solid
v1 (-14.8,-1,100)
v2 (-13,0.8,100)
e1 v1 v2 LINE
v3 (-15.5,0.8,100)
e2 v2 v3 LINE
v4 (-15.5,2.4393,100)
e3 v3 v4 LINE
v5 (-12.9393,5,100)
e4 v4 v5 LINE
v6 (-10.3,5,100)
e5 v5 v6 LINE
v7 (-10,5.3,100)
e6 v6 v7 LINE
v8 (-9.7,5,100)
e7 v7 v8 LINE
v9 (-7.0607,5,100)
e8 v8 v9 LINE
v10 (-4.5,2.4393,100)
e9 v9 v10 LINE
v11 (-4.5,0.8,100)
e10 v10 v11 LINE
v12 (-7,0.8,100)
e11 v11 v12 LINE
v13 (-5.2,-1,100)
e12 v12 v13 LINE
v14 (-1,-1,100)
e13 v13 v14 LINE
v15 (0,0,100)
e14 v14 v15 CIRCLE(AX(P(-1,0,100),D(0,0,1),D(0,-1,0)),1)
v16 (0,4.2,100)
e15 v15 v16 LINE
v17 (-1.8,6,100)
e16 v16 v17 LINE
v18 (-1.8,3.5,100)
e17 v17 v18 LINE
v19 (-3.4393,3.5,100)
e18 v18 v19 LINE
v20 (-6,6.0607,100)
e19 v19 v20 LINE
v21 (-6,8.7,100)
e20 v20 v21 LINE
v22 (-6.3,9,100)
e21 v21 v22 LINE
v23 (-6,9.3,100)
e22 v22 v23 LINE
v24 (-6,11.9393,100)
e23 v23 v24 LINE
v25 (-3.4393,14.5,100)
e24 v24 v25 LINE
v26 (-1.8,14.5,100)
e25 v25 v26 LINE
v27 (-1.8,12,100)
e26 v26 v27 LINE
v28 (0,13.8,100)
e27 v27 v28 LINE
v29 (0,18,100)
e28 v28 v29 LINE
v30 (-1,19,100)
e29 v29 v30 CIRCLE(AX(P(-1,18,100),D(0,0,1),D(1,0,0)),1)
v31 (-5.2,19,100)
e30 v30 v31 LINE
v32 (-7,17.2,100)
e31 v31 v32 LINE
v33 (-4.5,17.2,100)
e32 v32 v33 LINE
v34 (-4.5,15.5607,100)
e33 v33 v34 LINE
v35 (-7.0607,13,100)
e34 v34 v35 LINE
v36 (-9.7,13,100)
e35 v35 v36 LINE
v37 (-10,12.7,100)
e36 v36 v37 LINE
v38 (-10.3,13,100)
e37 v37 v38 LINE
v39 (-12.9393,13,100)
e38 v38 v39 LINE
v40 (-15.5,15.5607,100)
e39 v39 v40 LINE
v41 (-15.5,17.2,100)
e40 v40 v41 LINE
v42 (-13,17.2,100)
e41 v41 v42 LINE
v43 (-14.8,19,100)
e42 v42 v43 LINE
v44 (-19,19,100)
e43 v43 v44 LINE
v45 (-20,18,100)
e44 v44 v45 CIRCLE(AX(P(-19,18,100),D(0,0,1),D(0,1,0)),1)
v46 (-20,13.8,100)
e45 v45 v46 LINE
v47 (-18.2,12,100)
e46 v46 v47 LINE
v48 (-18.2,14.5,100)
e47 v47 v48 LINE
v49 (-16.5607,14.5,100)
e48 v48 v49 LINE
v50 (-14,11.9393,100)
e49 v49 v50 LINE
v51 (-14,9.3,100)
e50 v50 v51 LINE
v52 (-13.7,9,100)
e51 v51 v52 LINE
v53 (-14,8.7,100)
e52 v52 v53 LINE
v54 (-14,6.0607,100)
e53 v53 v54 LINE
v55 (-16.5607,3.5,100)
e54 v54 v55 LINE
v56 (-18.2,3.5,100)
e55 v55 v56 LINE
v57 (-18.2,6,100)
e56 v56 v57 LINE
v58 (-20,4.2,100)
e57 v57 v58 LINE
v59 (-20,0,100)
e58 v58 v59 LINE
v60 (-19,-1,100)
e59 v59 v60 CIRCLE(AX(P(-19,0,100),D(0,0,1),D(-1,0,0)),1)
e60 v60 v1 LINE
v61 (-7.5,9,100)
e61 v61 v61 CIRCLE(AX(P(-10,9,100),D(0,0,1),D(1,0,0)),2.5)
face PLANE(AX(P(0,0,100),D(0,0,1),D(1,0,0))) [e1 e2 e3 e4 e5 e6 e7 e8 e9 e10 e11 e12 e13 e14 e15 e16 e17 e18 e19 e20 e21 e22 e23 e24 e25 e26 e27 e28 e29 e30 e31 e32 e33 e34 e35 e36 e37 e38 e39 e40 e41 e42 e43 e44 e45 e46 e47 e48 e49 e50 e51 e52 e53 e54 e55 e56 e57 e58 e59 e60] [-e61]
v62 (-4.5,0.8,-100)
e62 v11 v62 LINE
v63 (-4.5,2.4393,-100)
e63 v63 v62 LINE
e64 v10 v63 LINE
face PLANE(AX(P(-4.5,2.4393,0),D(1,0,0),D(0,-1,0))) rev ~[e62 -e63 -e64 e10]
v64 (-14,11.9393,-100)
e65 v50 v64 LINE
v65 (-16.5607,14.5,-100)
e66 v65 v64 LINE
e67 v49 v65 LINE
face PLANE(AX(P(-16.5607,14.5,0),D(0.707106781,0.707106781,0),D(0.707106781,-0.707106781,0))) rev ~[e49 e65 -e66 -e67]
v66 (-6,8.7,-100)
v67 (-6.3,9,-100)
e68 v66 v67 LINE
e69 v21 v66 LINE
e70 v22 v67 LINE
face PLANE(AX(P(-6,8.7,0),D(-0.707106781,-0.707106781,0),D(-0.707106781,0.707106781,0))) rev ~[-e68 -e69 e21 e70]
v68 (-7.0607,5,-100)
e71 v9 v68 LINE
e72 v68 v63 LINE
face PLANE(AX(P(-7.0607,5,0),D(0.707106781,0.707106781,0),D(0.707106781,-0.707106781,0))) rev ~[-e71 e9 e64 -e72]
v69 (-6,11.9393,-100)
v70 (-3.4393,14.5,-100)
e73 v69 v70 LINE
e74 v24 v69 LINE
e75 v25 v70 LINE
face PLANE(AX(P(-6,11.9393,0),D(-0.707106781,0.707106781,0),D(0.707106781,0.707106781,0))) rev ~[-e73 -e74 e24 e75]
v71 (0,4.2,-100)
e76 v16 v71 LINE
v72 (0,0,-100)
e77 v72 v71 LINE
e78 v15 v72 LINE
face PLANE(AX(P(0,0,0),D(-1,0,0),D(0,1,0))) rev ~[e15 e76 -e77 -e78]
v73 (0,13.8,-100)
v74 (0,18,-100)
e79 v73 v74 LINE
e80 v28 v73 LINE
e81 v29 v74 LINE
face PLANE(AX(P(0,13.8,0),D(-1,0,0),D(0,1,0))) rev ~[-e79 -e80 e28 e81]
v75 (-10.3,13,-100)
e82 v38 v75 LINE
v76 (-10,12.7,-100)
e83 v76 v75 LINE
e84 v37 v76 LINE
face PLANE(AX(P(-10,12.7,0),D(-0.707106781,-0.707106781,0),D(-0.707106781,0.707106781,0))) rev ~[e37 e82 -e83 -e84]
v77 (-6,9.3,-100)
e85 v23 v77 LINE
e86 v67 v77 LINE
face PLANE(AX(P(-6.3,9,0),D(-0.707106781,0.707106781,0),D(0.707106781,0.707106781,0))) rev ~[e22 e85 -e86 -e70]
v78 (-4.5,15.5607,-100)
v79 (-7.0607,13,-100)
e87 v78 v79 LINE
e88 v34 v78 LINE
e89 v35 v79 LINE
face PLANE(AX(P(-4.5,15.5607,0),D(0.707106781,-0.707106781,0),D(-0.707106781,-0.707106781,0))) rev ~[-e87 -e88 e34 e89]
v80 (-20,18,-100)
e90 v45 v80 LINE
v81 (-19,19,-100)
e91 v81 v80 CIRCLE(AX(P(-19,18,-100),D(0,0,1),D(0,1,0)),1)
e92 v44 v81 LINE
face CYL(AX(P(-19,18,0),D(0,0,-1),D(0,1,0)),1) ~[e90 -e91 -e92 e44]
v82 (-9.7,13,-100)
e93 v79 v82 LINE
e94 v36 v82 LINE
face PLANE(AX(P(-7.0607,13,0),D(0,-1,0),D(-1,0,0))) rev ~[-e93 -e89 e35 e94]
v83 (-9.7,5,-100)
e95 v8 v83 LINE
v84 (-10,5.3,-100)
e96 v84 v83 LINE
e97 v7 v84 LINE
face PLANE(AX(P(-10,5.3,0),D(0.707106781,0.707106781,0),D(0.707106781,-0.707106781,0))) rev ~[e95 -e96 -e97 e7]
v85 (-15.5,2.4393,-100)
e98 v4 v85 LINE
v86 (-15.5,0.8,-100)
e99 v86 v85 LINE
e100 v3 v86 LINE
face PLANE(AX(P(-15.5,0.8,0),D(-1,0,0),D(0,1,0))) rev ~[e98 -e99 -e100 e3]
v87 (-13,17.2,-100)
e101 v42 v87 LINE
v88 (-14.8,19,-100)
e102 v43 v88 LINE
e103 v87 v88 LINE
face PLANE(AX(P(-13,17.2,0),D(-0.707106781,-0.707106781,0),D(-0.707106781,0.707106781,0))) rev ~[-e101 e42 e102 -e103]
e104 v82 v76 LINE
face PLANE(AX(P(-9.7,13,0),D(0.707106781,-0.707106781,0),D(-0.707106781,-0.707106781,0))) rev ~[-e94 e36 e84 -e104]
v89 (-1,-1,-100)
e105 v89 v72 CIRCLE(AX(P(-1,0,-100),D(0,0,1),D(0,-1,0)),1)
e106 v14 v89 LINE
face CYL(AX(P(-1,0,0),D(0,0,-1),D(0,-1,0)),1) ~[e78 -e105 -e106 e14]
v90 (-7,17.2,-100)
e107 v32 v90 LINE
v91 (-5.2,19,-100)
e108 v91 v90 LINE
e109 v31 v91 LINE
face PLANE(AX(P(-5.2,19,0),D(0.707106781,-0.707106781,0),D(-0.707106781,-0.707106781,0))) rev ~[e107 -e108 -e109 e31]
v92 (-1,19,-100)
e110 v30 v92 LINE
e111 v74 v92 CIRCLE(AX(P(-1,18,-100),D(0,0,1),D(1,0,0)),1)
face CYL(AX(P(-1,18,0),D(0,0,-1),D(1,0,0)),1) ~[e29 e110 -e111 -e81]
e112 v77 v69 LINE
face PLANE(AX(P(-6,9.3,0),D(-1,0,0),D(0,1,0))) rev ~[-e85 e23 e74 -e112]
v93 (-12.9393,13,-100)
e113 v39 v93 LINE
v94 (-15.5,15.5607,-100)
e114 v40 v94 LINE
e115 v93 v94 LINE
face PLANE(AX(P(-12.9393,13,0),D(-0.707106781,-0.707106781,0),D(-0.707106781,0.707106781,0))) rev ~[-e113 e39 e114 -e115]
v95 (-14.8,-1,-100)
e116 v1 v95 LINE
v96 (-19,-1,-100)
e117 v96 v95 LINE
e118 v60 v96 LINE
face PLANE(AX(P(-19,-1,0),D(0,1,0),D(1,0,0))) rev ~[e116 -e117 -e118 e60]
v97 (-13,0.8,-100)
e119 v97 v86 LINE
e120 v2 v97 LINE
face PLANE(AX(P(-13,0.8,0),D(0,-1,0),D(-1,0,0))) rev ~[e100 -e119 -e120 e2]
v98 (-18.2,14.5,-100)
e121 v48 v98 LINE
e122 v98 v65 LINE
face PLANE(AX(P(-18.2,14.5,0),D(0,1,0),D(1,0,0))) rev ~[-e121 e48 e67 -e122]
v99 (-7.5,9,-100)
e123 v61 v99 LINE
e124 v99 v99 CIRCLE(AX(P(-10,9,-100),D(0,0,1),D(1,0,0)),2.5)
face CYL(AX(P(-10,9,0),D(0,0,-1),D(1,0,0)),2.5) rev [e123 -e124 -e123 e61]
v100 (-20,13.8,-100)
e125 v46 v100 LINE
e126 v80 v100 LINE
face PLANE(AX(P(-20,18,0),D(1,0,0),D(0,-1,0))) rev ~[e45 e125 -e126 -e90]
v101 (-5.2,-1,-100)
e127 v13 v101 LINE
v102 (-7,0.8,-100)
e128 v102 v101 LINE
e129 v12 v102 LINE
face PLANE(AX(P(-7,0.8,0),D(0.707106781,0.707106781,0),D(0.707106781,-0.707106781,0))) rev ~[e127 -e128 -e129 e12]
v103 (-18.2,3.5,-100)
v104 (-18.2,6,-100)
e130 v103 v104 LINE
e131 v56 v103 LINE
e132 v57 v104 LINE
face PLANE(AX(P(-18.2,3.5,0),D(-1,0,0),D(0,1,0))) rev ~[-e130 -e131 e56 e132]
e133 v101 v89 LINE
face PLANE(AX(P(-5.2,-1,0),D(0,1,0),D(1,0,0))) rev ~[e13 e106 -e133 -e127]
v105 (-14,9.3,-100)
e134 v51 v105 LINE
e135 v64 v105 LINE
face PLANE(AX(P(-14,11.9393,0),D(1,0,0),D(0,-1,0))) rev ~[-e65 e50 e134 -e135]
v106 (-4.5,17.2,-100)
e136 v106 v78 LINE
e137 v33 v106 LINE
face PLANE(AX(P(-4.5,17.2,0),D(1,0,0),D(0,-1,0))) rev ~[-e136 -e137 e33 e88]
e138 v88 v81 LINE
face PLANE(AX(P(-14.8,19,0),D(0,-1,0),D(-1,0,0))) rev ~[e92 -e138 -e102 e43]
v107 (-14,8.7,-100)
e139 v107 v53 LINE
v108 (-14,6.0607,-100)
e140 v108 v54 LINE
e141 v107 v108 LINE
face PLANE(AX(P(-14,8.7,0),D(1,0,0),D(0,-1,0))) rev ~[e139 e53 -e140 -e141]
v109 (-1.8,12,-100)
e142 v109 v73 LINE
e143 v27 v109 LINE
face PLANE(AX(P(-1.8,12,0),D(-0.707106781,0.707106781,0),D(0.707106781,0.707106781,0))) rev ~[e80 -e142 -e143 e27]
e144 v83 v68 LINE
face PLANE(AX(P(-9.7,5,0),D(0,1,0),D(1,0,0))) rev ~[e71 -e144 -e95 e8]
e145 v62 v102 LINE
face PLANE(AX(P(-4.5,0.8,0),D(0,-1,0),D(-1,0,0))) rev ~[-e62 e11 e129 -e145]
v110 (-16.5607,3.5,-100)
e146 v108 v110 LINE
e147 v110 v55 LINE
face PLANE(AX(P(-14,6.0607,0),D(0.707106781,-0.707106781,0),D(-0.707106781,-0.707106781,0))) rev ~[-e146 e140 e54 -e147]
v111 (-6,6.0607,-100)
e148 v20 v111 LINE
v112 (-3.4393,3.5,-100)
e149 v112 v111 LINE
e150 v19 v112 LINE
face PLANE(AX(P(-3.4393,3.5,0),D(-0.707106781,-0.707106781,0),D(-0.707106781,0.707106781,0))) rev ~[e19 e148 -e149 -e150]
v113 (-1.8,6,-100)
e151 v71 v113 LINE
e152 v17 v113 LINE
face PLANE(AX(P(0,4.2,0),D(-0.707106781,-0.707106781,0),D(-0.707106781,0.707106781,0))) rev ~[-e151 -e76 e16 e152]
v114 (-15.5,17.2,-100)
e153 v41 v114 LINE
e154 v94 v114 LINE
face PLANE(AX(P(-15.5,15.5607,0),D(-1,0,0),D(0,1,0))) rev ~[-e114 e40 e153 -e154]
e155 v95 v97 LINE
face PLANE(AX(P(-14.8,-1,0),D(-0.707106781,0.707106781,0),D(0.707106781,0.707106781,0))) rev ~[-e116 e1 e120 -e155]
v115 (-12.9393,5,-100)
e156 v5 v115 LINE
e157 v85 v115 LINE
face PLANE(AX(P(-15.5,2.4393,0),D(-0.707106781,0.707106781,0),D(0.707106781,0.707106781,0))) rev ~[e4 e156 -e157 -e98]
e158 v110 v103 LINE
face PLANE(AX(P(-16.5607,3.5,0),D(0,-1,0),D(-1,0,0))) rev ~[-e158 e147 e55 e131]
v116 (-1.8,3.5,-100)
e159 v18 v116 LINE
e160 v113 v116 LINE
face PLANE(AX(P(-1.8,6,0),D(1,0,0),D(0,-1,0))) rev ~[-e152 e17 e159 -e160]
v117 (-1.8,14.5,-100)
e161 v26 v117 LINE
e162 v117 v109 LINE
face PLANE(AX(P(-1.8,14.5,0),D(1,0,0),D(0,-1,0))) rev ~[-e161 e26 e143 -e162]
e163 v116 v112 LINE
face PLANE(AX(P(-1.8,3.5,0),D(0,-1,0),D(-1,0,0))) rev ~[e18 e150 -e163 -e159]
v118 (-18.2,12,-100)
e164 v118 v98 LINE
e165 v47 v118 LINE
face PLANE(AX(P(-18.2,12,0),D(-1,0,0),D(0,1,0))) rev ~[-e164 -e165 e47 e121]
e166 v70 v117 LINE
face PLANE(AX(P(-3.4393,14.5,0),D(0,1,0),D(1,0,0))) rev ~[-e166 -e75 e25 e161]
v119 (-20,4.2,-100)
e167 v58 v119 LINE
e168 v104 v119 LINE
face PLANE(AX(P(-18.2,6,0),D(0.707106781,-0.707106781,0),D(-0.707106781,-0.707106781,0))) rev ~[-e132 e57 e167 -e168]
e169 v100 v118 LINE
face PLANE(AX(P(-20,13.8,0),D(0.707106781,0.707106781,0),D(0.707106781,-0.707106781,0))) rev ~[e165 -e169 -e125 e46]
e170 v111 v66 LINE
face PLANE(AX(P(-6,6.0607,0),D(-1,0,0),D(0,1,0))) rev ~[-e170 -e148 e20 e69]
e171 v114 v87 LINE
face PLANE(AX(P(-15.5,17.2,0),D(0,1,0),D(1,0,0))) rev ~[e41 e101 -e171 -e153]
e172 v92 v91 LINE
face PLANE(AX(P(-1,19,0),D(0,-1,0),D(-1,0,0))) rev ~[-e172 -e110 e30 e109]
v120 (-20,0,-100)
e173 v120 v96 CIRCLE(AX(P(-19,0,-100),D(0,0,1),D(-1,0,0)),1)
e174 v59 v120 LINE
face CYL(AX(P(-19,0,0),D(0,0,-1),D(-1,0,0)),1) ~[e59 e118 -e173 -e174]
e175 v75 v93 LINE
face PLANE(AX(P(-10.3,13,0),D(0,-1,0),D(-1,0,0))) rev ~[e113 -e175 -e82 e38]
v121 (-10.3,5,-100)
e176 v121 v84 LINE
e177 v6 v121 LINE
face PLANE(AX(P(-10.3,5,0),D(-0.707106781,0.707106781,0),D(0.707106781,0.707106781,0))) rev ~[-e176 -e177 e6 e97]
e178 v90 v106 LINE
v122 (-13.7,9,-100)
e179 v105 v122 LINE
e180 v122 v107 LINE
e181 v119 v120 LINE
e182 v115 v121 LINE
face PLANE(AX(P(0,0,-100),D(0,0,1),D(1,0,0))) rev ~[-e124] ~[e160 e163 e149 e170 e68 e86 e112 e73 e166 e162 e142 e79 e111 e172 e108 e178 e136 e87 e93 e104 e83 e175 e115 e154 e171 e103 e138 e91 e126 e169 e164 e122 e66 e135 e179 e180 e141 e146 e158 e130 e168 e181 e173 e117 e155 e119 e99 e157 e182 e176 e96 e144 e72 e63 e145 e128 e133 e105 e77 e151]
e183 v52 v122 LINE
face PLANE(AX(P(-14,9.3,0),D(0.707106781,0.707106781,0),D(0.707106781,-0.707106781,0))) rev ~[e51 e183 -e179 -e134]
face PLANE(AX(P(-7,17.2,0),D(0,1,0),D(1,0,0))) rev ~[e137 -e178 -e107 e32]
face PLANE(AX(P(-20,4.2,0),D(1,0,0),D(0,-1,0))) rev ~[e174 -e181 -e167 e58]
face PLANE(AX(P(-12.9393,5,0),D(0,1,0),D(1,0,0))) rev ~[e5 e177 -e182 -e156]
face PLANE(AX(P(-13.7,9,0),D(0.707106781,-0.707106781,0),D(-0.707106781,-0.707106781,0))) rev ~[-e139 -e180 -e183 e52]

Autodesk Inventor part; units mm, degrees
ref_plane "YZ Plane" through (0, 0, 0) normal (1, 0, 0) x (0, 1, 0)
ref_plane "XZ Plane" through (0, 0, 0) normal (0, 1, 0) x (-1, 0, 0)
ref_plane "XY Plane" through (0, 0, 0) normal (0, 0, 1) x (1, 0, 0)
sketch "Sketch1" plane through (0, 0, 0) normal (0, 0, 1) x (1, 0, 0)
  line L0 (-14, 8.7) -> (-14, 6.0607)
  line L1 (-14, 8.7) -> (-14, 6.0607)
  line L2 (-14, 6.0607) -> (-16.5607, 3.5)
  line L3 (-14, 6.0607) -> (-16.5607, 3.5)
  line L4 (-16.5607, 3.5) -> (-18.2, 3.5)
  line L5 (-16.5607, 3.5) -> (-18.2, 3.5)
  line L6 (-18.2, 3.5) -> (-18.2, 6)
  line L7 (-18.2, 3.5) -> (-18.2, 6)
  line L8 (-20, 4.2) -> (-20, 0)
  line L9 (-18.2, 6) -> (-20, 4.2)
  line L10 (-20, 4.2) -> (-20, 0)
  line L11 (-19, -1) -> (-14.8, -1)
  line L12 (-19, -1) -> (-14.8, -1)
  line L13 (-14.8, -1) -> (-13, 0.8)
  line L14 (-14.8, -1) -> (-13, 0.8)
  line L15 (-15.5, 0.8) -> (-15.5, 2.4393)
  line L16 (-13, 0.8) -> (-15.5, 0.8)
  line L17 (-15.5, 0.8) -> (-15.5, 2.4393)
  line L18 (-12.9393, 5) -> (-10.3, 5)
  line L19 (-15.5, 2.4393) -> (-12.9393, 5)
  line L20 (-12.9393, 5) -> (-10.3, 5)
  line L21 (-10, 5.3) -> (-9.7, 5)
  line L22 (-10.3, 5) -> (-10, 5.3)
  line L23 (-13.7, 9) -> (-14, 8.7)
  line L24 (-13.7, 9) -> (-14, 8.7)
  line L25 (-10, 9) -> (-10, 10.0607)
  circle A0 centre (-10, 9) radius 2.5
  arc A1 (-20, 0) -> (-19, -1) centre (-19, 0) ccw
  arc A2 (-20, 0) -> (-19, -1) centre (-19, 0) ccw
  line L26 (-7.0607, 5) -> (-4.5, 2.4393)
  line L27 (-4.5, 2.4393) -> (-4.5, 0.8)
  line L28 (-4.5, 0.8) -> (-7, 0.8)
  line L29 (-7, 0.8) -> (-5.2, -1)
  line L30 (-3.4393, 3.5) -> (-6, 6.0607)
  line L31 (-1.8, 6) -> (-1.8, 3.5)
  line L32 (-1.8, 3.5) -> (-3.4393, 3.5)
  line L33 (0, 4.2) -> (-1.8, 6)
  line L34 (-5.2, -1) -> (-1, -1)
  line L35 (0, 0) -> (0, 4.2)
  arc A3 (-1, -1) -> (0, 0) centre (-1, 0) ccw
  line L36 (-9.7, 5) -> (-7.0607, 5)
  line L37 (-6, 6.0607) -> (-6, 8.7)
  line L38 (-6, 8.7) -> (-6.3, 9)
  line L39 (-10, 5.3) -> (-9.7, 5)
  line L40 (-6, 11.9393) -> (-3.4393, 14.5)
  line L41 (-3.4393, 14.5) -> (-1.8, 14.5)
  line L42 (-1.8, 14.5) -> (-1.8, 12)
  line L43 (-1.8, 12) -> (0, 13.8)
  line L44 (-4.5, 15.5607) -> (-7.0607, 13)
  line L45 (-7, 17.2) -> (-4.5, 17.2)
  line L46 (-4.5, 17.2) -> (-4.5, 15.5607)
  line L47 (-5.2, 19) -> (-7, 17.2)
  line L48 (0, 13.8) -> (0, 18)
  line L49 (-1, 19) -> (-5.2, 19)
  arc A4 (0, 18) -> (-1, 19) centre (-1, 18) ccw
  line L50 (-6, 9.3) -> (-6, 11.9393)
  line L51 (-7.0607, 13) -> (-9.7, 13)
  line L52 (-9.7, 13) -> (-10, 12.7)
  line L53 (-6.3, 9) -> (-6, 9.3)
  line L54 (-12.9393, 13) -> (-15.5, 15.5607)
  line L55 (-15.5, 15.5607) -> (-15.5, 17.2)
  line L56 (-15.5, 17.2) -> (-13, 17.2)
  line L57 (-13, 17.2) -> (-14.8, 19)
  line L58 (-16.5607, 14.5) -> (-14, 11.9393)
  line L59 (-18.2, 12) -> (-18.2, 14.5)
  line L60 (-18.2, 14.5) -> (-16.5607, 14.5)
  line L61 (-20, 13.8) -> (-18.2, 12)
  line L62 (-14.8, 19) -> (-19, 19)
  line L63 (-20, 18) -> (-20, 13.8)
  arc A5 (-19, 19) -> (-20, 18) centre (-19, 18) ccw
  line L64 (-10.3, 13) -> (-12.9393, 13)
  line L65 (-14, 11.9393) -> (-14, 9.3)
  line L66 (-14, 9.3) -> (-13.7, 9)
  line L67 (-10, 12.7) -> (-10.3, 13)
  point P0 (0, 0)
  point P1 (-1, 0)
  point P2 (-1, 18)
  point P3 (-19, 18)
  dimension "d2" = 360
extrude "Extrusion1" add sketch "Sketch1" along normal mid plane 200
properties part number "20x20x200" material "Aluminum 6061"
